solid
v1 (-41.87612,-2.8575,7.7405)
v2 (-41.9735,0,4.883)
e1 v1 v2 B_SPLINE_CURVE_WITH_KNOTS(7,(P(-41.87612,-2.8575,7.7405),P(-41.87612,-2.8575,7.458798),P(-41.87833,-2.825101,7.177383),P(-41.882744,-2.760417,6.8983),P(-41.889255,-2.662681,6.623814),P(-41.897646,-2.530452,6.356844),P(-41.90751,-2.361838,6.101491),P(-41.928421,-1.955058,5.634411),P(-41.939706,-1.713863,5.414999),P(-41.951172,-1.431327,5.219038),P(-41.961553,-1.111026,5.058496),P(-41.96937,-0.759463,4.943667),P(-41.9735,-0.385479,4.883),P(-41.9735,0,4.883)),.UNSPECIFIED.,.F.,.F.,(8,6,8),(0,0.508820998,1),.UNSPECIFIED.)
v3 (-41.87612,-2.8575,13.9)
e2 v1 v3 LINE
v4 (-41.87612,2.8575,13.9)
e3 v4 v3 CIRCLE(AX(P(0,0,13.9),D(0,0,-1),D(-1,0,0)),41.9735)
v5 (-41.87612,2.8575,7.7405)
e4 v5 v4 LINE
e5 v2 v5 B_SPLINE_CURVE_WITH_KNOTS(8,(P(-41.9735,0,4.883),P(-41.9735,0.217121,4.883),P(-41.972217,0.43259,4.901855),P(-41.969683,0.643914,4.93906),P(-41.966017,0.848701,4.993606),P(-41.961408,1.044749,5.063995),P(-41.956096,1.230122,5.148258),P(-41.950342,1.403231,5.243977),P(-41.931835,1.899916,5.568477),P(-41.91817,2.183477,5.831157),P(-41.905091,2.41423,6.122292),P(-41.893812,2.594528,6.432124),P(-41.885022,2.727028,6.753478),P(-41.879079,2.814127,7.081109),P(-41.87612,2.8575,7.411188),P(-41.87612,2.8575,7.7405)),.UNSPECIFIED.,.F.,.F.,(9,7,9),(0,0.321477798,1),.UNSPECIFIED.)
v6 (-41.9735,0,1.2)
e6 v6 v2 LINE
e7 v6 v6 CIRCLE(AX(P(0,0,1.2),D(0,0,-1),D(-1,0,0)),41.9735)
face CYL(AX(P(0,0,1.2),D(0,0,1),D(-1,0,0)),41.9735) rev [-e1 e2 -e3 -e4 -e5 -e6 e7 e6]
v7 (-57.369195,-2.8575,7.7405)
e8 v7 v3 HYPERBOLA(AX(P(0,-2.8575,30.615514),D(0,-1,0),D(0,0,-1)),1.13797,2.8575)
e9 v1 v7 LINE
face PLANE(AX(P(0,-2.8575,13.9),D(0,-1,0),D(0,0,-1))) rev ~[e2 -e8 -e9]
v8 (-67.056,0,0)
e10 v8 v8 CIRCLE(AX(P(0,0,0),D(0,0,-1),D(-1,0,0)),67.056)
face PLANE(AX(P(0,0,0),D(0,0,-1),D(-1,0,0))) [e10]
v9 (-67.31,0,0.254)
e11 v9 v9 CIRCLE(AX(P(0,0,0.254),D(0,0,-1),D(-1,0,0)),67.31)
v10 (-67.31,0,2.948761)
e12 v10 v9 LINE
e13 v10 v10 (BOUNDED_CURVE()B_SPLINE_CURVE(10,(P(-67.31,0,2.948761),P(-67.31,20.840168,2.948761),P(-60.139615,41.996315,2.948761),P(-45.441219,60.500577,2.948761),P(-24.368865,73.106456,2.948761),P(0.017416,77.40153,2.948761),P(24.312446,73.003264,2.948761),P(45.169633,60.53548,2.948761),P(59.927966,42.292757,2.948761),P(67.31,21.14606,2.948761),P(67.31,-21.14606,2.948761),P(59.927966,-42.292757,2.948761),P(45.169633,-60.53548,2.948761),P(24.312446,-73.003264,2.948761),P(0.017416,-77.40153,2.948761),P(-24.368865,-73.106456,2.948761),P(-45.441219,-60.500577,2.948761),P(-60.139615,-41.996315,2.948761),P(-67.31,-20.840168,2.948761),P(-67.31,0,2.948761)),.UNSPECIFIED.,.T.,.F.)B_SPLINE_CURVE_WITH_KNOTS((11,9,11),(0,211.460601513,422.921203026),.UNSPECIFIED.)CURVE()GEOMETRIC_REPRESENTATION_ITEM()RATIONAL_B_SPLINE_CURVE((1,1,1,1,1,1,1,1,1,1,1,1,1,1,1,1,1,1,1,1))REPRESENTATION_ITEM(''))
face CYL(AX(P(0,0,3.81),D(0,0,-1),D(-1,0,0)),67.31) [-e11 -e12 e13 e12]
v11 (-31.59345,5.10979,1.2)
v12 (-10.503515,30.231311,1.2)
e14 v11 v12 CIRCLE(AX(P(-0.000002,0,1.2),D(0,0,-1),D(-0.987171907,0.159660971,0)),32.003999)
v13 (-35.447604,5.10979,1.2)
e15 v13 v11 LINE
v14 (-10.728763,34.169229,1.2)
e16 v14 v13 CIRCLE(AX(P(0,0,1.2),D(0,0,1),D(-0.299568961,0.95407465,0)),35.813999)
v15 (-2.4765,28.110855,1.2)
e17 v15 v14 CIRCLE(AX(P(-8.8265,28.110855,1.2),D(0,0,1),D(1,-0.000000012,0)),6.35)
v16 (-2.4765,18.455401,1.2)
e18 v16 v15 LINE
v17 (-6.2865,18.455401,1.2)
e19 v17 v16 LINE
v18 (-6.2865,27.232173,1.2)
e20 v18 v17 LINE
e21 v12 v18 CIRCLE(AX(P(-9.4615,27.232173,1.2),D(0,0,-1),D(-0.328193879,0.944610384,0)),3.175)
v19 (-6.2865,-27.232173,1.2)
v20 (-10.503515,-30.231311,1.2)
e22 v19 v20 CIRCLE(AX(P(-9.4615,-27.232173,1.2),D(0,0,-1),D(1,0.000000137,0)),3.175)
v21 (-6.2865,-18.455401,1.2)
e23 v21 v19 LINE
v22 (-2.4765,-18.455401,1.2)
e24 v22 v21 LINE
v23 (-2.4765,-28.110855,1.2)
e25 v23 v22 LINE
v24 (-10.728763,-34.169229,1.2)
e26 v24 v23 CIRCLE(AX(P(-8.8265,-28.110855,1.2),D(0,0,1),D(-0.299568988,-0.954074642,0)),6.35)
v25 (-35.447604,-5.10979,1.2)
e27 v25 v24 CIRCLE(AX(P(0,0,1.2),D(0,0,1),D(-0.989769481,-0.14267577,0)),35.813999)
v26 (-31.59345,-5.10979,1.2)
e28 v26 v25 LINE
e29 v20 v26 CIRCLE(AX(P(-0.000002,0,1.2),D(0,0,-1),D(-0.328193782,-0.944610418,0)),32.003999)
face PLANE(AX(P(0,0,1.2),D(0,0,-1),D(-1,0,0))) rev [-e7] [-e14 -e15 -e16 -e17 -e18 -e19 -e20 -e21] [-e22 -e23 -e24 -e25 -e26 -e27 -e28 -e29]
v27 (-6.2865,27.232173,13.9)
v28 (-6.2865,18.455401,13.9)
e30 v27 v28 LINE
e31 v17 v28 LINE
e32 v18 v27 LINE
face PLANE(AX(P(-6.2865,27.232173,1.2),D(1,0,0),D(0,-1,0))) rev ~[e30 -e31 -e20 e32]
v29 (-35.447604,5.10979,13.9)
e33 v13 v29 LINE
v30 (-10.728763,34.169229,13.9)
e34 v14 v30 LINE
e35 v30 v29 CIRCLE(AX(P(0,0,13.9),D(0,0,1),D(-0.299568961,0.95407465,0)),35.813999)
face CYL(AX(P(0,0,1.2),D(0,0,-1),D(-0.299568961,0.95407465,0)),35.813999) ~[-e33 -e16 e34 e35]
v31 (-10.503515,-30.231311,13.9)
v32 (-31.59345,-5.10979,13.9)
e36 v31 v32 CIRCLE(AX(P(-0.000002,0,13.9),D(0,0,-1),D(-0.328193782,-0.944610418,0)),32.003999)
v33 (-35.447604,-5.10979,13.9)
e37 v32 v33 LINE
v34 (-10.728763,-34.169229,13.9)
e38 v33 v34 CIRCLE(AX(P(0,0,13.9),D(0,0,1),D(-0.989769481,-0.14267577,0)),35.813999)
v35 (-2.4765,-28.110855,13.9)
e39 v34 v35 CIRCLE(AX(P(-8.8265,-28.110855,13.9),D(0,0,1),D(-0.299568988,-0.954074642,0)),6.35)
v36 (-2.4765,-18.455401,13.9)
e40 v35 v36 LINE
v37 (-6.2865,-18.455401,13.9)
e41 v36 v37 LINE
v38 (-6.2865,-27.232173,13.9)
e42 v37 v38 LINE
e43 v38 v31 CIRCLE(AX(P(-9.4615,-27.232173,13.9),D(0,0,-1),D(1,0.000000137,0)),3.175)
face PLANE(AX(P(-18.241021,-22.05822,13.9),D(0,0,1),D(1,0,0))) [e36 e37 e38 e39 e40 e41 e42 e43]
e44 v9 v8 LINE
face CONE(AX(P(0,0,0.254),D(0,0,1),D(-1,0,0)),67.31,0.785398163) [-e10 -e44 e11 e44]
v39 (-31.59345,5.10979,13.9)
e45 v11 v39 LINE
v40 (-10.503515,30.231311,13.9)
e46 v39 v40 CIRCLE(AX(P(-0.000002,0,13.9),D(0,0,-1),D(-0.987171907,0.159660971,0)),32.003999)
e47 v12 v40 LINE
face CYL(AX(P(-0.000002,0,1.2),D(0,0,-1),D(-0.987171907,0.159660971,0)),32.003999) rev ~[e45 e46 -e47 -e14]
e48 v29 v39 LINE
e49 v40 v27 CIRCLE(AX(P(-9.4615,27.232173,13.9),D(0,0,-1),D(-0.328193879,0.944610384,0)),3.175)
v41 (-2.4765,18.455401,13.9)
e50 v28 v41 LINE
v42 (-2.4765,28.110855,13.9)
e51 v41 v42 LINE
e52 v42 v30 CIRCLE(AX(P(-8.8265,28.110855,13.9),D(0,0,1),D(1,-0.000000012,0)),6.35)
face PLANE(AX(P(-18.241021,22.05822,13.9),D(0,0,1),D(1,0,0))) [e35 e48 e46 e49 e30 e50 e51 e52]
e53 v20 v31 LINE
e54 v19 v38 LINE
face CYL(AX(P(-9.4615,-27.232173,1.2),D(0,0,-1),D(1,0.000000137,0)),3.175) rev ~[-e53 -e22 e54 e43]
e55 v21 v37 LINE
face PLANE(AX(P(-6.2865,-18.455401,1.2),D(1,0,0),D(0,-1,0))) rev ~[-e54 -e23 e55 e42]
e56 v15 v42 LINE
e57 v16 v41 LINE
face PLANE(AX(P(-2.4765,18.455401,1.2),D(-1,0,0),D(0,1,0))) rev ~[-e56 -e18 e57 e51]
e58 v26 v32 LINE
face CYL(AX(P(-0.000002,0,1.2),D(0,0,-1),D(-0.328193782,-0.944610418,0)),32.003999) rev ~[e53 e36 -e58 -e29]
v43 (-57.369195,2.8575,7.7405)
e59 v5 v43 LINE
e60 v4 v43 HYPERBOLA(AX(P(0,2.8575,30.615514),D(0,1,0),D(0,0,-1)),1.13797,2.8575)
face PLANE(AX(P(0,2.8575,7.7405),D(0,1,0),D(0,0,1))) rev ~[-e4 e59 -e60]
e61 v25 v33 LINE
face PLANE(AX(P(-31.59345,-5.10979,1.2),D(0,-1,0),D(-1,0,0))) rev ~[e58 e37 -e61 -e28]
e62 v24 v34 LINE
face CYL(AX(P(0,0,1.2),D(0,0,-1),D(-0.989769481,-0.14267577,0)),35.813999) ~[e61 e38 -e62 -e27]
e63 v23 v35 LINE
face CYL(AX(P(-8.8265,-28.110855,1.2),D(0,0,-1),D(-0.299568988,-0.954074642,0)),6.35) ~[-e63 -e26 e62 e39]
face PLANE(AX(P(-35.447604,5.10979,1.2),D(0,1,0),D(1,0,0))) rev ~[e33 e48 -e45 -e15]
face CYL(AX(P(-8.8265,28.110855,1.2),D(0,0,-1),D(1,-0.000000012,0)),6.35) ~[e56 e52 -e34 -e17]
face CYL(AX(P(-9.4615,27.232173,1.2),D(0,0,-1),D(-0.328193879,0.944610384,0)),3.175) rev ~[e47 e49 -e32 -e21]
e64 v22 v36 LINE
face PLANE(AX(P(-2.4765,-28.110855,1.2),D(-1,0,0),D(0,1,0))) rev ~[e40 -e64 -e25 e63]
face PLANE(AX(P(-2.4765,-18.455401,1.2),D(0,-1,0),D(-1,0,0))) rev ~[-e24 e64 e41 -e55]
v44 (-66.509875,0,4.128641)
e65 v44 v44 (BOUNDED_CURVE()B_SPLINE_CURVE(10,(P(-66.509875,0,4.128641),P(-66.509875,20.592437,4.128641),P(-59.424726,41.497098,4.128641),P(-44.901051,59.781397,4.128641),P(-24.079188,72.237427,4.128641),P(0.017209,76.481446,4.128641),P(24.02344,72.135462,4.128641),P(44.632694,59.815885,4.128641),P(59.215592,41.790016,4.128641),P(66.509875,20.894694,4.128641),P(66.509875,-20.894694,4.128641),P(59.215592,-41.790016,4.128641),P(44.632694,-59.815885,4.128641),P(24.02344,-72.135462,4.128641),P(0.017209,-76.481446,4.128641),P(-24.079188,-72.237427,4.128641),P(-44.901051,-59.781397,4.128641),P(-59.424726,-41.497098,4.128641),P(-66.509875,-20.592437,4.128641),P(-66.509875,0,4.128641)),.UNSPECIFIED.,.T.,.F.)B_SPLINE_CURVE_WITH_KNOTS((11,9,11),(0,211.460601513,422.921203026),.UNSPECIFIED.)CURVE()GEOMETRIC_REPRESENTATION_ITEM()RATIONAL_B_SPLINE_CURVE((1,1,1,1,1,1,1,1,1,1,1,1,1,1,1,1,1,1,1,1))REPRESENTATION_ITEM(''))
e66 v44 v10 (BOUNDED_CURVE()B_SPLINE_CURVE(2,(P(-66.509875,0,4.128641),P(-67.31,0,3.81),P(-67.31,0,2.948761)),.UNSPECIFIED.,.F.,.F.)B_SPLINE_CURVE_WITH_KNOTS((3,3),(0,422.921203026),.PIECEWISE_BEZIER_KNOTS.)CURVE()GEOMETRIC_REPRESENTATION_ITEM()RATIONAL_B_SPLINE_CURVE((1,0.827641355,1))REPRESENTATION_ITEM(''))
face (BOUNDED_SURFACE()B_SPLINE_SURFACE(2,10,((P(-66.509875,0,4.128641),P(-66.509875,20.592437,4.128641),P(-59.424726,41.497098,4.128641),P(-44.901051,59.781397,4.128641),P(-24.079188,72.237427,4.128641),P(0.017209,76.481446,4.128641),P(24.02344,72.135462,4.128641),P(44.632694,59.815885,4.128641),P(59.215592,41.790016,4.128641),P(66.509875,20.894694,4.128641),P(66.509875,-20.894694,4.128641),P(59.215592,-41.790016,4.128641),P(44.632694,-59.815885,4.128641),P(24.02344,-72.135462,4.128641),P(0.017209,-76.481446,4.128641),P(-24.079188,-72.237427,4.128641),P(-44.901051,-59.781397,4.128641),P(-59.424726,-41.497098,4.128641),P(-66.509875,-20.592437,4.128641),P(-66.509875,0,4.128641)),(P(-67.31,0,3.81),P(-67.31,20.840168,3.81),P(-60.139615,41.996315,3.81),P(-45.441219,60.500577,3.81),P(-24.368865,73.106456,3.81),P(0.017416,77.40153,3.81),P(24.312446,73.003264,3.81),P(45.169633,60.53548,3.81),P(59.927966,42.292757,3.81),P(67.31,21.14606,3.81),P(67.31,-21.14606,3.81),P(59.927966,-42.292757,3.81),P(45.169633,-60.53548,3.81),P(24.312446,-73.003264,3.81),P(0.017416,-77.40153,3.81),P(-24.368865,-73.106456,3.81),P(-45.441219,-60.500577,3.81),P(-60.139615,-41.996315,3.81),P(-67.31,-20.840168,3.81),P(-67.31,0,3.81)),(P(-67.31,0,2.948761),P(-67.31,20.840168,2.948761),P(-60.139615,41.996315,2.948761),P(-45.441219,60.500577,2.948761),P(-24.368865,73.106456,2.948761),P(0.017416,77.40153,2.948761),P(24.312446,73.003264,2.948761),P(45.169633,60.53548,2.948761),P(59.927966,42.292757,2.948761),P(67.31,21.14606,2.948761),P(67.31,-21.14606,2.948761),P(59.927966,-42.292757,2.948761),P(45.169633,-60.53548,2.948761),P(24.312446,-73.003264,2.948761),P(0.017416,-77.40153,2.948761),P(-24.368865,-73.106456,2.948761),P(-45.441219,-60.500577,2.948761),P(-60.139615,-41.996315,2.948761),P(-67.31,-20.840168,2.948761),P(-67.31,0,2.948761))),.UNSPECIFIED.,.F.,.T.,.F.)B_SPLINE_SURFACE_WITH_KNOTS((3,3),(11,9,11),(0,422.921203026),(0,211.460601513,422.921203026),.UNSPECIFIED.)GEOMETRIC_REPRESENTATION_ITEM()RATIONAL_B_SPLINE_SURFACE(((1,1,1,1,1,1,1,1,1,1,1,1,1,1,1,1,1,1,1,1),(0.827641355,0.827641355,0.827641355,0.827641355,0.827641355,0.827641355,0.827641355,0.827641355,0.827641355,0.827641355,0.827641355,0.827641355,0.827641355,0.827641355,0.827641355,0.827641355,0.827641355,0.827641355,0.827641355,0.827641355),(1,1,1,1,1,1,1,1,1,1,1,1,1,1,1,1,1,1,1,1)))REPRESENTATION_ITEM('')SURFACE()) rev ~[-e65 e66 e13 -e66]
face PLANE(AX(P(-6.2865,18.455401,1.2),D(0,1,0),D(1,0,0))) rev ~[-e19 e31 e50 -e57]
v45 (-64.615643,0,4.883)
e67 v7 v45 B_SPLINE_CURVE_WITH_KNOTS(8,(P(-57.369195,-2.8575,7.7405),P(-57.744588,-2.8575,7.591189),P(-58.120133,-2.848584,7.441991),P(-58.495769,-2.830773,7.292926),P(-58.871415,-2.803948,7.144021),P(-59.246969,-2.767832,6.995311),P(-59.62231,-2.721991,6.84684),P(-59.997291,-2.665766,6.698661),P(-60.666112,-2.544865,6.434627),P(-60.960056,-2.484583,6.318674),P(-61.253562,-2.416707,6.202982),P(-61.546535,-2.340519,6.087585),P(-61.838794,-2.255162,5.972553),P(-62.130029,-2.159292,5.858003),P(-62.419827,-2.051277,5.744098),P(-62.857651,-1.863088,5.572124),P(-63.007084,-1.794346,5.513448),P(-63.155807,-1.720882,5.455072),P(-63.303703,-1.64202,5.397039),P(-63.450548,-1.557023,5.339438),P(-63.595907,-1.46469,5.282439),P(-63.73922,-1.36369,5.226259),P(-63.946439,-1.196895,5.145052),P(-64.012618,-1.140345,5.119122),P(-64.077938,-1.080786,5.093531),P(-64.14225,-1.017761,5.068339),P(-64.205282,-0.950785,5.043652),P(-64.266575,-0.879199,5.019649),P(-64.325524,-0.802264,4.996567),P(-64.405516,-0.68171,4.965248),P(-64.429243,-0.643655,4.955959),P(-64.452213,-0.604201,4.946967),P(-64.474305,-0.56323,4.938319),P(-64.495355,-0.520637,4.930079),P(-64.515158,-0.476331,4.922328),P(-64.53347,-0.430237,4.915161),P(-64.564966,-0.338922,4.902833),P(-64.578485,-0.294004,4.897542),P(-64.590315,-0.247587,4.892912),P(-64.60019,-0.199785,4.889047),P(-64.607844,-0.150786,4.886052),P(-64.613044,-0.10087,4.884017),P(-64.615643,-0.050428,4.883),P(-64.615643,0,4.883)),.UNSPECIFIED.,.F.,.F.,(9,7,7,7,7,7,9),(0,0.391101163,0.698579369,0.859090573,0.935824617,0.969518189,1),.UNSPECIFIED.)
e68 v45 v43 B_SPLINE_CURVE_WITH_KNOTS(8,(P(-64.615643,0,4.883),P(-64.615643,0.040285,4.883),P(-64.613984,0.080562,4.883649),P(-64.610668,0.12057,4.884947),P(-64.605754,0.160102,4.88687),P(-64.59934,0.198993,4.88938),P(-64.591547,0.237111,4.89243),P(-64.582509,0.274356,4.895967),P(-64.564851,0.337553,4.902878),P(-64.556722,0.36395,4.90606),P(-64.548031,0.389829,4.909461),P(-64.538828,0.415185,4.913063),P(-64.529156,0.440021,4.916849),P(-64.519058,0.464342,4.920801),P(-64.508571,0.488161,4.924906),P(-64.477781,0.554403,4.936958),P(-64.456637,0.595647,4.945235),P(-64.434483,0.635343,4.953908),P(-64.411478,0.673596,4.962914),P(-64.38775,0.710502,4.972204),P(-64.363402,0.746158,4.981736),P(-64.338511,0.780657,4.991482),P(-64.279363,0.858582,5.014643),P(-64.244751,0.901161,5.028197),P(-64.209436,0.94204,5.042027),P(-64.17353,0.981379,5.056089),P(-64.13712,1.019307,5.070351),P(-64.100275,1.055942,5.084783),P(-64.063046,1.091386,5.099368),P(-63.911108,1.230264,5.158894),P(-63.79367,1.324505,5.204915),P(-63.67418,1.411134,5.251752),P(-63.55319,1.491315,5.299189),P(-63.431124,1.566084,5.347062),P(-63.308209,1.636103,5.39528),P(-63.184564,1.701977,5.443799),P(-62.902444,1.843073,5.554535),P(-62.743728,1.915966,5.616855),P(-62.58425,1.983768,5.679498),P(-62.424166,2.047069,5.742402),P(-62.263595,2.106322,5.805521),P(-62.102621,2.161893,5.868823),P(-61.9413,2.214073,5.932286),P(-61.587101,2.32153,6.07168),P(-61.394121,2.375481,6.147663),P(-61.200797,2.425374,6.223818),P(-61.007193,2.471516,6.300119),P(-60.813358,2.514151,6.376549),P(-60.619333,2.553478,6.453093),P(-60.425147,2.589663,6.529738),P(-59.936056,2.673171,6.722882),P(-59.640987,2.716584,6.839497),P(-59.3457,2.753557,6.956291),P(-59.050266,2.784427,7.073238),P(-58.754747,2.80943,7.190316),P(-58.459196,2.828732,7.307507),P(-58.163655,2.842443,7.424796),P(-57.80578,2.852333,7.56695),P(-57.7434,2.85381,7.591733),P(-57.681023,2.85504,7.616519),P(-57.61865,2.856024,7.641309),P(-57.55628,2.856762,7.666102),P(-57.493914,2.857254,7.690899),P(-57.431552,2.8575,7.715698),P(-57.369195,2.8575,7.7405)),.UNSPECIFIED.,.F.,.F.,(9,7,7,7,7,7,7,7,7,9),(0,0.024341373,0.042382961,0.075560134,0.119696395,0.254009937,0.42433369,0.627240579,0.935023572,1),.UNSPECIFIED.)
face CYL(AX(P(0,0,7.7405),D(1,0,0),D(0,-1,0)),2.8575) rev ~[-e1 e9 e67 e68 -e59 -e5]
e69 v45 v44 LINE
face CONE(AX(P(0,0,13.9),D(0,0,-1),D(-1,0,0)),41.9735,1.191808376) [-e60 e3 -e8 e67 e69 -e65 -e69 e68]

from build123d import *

# Parameters (mm, degrees)
F2_R     = 1.27
F4_DEPTH = 12.7
F6_DEPTH = 127
F7_SIZE  = 0.254


with BuildPart() as f1:
    # F0 (on Front) → F1 (revolve)
    with BuildSketch(Plane.XZ):
        Polygon((-67.31, 0), (0, 0), (0, 1.2), (-41.9735, 1.2), (-41.9735, 13.9), (-67.31, 3.81), align=None)
    revolve(axis=Axis((0, 0, 6.192707), (0, 0, -1)))

    # F2
    f2_edges = [f1.edges().sort_by_distance(p)[0] for p in [
        (67.31, 0, 3.81),
    ]]
    fillet(f2_edges, radius=F2_R)

    # F3 (on face) → F4 (join)
    with BuildSketch(Plane.XY.offset(1.2)):
        with BuildLine():
            ThreePointArc((-2.4765, 28.110855), (-5.068633, 33.22954), (-10.728763, 34.169229))
            ThreePointArc((-10.728763, 34.169229), (-27.279607, 23.204862), (-35.447604, 5.10979))
            Line((-35.447604, 5.10979), (-31.59345, 5.10979))
            ThreePointArc((-31.59345, 5.10979), (-24.511453, 20.577772), (-10.503515, 30.231311))
            ThreePointArc((-10.503515, 30.231311), (-7.621361, 29.819549), (-6.2865, 27.232173))
            Line((-6.2865, 27.232173), (-6.2865, 18.455401))
            Line((-6.2865, 18.455401), (-2.4765, 18.455401))
            Line((-2.4765, 18.455401), (-2.4765, 28.110855))
        make_face()
        with BuildLine():
            ThreePointArc((-35.447604, -5.10979), (-27.279607, -23.204862), (-10.728763, -34.169229))
            ThreePointArc((-10.728763, -34.169229), (-5.068633, -33.22954), (-2.4765, -28.110855))
            Line((-2.4765, -28.110855), (-2.4765, -18.455401))
            Line((-2.4765, -18.455401), (-6.2865, -18.455401))
            Line((-6.2865, -18.455401), (-6.2865, -27.232173))
            ThreePointArc((-6.2865, -27.232173), (-7.621361, -29.819549), (-10.503515, -30.231311))
            ThreePointArc((-10.503515, -30.231311), (-24.511453, -20.577772), (-31.59345, -5.10979))
            Line((-31.59345, -5.10979), (-35.447604, -5.10979))
        make_face()
    extrude(amount=F4_DEPTH)

    # F5 (on Right) → F6 (cut)
    with BuildSketch(Plane.YZ):
        with BuildLine():
            Line((2.8575, 13.9), (-2.8575, 13.9))
            Line((-2.8575, 13.9), (-2.8575, 7.7405))
            ThreePointArc((-2.8575, 7.7405), (0, 4.883), (2.8575, 7.7405))
            Line((2.8575, 7.7405), (2.8575, 13.9))
        make_face()
    extrude(amount=-F6_DEPTH, mode=Mode.SUBTRACT)

    # F7
    f7_edges = [f1.edges().sort_by_distance(p)[0] for p in [
        (67.31, 0, 0),
    ]]
    chamfer(f7_edges, length=F7_SIZE)


solid = f1.part
